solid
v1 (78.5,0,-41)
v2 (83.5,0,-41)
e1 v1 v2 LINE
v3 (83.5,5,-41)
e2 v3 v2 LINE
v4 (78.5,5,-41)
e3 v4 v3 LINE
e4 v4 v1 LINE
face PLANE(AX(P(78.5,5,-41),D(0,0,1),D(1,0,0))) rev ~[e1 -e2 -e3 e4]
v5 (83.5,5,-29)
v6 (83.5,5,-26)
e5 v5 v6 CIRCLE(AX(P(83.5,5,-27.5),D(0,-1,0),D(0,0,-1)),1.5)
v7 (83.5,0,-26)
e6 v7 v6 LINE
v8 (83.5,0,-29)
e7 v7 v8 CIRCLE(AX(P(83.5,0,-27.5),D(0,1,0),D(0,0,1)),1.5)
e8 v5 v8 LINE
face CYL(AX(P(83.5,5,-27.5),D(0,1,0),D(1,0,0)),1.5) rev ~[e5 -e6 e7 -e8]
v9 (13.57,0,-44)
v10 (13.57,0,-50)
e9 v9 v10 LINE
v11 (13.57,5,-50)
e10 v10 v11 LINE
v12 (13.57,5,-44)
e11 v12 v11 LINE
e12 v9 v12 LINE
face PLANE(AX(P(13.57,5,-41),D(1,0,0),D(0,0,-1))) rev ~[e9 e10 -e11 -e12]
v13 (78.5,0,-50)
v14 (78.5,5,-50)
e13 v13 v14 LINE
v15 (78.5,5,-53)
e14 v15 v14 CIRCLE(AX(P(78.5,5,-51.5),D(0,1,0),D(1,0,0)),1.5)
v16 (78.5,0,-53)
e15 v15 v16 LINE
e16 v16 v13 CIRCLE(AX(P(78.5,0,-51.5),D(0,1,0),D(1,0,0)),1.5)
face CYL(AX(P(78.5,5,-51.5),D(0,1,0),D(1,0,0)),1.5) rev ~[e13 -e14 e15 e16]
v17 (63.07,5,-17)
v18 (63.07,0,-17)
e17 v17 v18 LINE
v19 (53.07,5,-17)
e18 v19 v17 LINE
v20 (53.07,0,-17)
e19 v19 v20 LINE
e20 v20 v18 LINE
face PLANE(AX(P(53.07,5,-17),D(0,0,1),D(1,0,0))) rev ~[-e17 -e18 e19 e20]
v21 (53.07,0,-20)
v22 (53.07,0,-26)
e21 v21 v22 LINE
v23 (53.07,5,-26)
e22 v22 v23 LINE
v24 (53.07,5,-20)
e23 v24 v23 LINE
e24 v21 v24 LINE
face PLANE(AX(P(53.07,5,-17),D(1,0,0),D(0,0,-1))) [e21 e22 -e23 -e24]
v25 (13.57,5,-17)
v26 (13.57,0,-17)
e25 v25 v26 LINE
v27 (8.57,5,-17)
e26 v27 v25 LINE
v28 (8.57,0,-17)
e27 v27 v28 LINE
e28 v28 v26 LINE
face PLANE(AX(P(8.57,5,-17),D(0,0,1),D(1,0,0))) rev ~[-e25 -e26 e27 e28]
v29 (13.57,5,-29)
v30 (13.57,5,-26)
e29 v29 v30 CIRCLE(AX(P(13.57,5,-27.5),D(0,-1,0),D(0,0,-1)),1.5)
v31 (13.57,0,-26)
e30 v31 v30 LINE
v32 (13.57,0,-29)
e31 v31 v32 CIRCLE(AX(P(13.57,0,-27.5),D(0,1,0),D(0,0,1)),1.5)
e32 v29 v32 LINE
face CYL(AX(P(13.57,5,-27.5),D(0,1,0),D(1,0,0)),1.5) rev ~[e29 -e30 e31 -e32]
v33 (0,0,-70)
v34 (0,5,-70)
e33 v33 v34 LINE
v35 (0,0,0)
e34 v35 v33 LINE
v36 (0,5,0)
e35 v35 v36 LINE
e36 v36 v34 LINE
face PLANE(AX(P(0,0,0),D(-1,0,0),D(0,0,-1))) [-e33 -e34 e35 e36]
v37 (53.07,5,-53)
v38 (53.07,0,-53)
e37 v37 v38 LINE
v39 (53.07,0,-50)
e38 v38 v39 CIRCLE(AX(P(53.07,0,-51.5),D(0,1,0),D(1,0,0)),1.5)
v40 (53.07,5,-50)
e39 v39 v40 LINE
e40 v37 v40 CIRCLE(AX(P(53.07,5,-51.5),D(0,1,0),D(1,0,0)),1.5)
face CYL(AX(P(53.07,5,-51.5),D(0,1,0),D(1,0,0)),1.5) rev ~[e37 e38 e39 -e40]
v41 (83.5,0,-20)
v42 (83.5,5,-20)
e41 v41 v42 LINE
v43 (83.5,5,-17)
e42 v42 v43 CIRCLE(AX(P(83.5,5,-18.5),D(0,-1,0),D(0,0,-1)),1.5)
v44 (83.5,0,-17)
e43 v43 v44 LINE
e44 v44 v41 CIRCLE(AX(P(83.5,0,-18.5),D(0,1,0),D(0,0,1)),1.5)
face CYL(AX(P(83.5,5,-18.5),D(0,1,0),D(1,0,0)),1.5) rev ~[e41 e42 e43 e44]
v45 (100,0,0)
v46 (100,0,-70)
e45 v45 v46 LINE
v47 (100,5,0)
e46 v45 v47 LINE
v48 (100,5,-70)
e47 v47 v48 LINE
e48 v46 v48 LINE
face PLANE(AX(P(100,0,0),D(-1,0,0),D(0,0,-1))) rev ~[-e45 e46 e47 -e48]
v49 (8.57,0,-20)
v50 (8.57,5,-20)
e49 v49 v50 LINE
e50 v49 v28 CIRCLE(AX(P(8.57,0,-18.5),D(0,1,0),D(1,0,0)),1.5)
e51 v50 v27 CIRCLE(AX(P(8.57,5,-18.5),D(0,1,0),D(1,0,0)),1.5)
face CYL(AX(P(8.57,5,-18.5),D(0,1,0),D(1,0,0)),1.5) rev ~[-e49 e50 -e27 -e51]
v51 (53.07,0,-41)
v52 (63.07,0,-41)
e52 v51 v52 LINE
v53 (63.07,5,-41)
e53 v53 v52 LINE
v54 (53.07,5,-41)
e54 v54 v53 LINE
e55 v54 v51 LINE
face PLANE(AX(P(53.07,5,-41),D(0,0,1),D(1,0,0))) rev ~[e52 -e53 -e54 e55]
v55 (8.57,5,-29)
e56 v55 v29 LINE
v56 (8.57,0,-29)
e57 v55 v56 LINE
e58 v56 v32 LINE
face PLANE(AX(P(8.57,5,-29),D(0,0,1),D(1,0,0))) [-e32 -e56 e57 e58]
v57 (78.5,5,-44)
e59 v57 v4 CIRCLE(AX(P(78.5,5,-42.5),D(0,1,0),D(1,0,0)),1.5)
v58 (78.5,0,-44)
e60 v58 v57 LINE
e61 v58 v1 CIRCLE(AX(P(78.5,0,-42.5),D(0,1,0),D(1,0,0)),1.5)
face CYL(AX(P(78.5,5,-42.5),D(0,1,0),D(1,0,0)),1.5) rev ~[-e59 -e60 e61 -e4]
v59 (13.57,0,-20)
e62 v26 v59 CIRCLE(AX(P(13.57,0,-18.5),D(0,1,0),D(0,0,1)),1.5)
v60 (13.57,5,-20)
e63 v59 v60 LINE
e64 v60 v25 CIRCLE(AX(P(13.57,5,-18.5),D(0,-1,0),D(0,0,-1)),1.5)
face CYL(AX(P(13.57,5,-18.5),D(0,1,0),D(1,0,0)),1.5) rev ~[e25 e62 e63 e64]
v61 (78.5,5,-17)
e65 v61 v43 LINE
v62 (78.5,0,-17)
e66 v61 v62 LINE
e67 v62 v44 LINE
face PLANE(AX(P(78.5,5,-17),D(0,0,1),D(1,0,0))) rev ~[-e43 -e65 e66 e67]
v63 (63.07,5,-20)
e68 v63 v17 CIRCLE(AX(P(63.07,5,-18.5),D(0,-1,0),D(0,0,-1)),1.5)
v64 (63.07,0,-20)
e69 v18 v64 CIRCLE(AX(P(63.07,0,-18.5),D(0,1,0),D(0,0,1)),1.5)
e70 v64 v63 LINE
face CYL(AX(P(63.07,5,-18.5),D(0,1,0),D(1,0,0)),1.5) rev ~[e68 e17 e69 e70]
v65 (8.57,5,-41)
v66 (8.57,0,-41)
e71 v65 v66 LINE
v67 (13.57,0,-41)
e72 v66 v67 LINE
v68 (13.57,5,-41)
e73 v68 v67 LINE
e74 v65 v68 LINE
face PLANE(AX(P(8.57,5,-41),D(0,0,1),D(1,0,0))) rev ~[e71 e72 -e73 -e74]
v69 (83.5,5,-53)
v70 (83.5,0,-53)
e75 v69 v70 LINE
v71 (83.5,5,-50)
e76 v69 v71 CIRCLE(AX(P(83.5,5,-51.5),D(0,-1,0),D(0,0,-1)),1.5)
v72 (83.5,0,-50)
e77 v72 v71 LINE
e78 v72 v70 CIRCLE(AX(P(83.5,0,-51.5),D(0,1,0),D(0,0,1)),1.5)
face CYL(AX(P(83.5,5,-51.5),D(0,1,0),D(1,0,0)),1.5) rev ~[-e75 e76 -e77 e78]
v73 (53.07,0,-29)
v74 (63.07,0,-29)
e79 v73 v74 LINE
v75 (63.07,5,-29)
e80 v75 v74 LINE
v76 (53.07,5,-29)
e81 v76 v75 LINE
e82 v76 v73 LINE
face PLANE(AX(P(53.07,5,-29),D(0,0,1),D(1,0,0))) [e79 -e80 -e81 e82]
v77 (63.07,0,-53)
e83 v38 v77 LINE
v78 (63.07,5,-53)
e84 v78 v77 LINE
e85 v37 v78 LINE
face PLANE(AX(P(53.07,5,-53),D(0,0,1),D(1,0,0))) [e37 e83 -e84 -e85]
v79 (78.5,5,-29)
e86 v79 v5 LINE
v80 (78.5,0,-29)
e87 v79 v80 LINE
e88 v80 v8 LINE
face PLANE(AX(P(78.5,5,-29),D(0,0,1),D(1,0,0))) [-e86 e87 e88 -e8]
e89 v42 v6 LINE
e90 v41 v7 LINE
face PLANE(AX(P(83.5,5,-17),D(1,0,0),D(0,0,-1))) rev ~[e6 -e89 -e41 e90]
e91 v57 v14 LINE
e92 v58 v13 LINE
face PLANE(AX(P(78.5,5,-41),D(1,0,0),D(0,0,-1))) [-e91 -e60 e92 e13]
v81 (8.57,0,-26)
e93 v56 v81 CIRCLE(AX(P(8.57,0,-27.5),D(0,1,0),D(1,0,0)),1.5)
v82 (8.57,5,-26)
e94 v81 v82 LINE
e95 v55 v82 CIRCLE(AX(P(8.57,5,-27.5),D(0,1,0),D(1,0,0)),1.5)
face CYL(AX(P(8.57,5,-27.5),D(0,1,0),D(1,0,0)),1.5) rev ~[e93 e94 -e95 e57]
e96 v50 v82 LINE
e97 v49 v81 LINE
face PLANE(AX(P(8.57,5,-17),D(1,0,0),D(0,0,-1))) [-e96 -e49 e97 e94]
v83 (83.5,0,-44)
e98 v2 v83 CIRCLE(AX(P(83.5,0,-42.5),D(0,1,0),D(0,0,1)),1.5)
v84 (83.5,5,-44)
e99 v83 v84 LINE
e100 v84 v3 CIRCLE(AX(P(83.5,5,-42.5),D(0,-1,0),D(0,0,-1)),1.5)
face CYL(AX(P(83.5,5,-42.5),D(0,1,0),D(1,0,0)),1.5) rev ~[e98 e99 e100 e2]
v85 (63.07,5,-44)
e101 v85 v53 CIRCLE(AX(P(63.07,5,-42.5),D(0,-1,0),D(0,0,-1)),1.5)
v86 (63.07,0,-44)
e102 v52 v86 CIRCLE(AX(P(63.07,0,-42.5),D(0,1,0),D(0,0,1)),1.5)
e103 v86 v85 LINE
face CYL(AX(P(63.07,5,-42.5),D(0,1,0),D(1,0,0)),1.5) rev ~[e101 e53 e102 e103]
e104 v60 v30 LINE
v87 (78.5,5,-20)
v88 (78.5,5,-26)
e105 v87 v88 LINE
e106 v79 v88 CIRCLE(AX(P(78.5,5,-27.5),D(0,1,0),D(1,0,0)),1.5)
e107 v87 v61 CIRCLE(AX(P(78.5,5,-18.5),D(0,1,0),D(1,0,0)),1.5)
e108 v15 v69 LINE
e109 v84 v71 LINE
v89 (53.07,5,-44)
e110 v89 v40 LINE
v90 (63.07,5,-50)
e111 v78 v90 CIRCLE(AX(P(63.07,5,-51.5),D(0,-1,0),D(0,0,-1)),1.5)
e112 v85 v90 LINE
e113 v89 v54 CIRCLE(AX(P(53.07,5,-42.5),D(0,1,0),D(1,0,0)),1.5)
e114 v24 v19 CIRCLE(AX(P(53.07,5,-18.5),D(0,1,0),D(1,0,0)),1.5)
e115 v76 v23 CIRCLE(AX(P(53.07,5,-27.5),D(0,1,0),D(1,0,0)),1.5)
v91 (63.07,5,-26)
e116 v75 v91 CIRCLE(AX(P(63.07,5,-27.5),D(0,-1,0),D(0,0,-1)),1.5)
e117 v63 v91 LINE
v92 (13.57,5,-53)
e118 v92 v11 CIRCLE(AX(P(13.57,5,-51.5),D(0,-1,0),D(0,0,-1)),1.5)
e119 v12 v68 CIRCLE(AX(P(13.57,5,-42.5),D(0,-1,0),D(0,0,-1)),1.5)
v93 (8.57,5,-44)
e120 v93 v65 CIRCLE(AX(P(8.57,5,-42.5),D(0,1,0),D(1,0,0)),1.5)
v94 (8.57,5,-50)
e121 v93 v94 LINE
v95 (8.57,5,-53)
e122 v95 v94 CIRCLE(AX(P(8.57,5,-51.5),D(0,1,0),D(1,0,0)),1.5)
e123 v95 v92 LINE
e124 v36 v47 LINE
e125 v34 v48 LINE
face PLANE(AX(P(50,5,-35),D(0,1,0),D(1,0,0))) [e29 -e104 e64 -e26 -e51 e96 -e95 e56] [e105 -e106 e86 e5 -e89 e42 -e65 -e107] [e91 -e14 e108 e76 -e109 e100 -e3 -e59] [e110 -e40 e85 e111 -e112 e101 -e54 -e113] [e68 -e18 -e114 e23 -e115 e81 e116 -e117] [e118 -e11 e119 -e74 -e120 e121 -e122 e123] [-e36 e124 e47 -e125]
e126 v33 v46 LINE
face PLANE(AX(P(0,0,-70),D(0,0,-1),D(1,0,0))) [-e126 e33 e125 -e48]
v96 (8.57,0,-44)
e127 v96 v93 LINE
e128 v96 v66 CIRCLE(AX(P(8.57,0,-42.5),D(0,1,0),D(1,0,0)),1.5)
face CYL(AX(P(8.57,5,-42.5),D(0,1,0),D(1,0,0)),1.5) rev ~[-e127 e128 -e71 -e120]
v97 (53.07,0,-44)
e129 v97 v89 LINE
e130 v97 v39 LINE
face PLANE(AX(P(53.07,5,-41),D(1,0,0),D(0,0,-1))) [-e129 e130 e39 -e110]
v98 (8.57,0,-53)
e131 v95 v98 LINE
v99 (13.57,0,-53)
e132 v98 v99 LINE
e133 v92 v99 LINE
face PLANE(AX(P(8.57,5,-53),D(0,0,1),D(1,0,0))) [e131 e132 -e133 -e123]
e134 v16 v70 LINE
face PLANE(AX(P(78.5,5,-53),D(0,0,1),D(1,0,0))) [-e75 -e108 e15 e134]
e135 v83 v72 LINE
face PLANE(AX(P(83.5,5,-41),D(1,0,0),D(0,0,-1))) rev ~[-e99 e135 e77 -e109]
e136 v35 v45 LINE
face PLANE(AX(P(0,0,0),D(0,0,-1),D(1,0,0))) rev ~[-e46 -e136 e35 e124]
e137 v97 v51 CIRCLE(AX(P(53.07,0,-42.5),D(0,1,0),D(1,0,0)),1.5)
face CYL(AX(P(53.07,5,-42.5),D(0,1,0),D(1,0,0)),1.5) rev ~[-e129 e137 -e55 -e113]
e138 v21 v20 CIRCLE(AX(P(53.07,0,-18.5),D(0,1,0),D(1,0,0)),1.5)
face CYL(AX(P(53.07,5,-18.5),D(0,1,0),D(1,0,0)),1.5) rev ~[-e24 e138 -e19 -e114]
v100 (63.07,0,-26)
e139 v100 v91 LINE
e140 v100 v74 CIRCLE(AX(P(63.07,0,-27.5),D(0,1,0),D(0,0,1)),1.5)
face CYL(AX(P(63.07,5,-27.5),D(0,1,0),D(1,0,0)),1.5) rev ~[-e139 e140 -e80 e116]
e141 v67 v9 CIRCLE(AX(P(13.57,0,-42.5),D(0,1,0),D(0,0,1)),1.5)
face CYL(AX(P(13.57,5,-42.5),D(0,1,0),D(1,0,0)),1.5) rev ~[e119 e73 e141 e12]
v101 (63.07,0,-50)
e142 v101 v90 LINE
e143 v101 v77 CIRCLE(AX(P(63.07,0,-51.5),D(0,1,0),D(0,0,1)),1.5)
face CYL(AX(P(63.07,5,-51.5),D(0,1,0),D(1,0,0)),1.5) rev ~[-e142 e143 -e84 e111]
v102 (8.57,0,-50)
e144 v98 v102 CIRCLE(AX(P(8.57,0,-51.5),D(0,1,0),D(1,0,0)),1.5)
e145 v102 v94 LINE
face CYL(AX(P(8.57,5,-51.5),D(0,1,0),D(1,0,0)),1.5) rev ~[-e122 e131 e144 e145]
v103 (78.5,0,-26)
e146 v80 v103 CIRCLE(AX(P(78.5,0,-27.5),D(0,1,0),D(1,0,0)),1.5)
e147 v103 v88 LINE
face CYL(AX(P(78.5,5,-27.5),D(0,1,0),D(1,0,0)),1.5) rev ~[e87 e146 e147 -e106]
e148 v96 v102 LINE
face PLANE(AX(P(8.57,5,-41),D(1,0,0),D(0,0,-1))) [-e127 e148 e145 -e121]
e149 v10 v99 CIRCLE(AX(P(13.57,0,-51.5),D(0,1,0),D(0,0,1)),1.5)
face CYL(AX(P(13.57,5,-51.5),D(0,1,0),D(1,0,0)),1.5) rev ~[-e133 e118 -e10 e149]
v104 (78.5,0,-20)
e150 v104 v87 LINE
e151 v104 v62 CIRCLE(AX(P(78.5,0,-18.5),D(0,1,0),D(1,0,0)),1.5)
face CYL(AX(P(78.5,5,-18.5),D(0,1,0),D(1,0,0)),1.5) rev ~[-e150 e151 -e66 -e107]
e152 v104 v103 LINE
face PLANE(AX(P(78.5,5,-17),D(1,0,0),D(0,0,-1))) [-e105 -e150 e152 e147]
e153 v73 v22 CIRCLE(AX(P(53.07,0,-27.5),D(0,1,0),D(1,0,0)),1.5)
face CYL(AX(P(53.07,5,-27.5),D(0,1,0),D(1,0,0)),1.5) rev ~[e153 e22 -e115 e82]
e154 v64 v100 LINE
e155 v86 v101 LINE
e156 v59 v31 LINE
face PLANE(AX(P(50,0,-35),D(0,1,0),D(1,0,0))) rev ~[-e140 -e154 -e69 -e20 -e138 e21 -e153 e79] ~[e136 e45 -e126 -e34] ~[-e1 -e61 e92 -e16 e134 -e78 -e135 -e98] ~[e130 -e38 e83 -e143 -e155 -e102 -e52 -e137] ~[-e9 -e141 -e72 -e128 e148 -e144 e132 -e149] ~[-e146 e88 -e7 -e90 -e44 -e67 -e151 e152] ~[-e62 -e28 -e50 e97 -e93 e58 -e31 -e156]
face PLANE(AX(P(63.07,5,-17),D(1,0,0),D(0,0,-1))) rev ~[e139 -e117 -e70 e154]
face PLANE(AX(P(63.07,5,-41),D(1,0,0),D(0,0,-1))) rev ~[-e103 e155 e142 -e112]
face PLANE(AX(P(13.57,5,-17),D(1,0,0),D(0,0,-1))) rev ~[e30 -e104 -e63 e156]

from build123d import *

# Parameters (mm, degrees)
SKETCH_1_W          = 100
SKETCH_1_H          = 70
EXTRUDE_1_DEPTH     = 5
SKETCH_2_W          = 10
SKETCH_2_H          = 12
SKETCH_2_W_2        = 5
CUT_EXTRUDE_1_DEPTH = 10
SKETCH_3_R          = 1.5
CUT_EXTRUDE_2_DEPTH = 5


with BuildPart() as part:
    # 스케치1 → 보스-돌출1 (new body)
    with BuildSketch(Plane(origin=(0, 0, 0), x_dir=(1, 0, 0), z_dir=(0, 1, 0))):
        with Locations((50, 35)):
            Rectangle(SKETCH_1_W, SKETCH_1_H)
    extrude(amount=EXTRUDE_1_DEPTH)

    # 스케치2 → 컷-돌출1 (cut)
    with BuildSketch(Plane(origin=(0, 5, 0), x_dir=(1, 0, 0), z_dir=(0, 1, 0))):
        with Locations((58.07, 47)):
            Rectangle(SKETCH_2_W, SKETCH_2_H)
        with Locations((58.07, 23)):
            Rectangle(SKETCH_2_W, SKETCH_2_H)
        with Locations((81, 47)):
            Rectangle(SKETCH_2_W_2, SKETCH_2_H)
        with Locations((81, 23)):
            Rectangle(SKETCH_2_W_2, SKETCH_2_H)
        with Locations((11.07, 47)):
            Rectangle(SKETCH_2_W_2, SKETCH_2_H)
        with Locations((11.07, 23)):
            Rectangle(SKETCH_2_W_2, SKETCH_2_H)
    extrude(amount=-CUT_EXTRUDE_1_DEPTH, mode=Mode.SUBTRACT)

    # 스케치3 → 컷-돌출2 (cut)
    with BuildSketch(Plane(origin=(0, 5, 0), x_dir=(1, 0, 0), z_dir=(0, 1, 0))):
        with Locations((8.57, 51.5)):
            Circle(SKETCH_3_R)
        with Locations((13.57, 51.5)):
            Circle(SKETCH_3_R)
        with Locations((8.57, 42.5)):
            Circle(SKETCH_3_R)
        with Locations((13.57, 42.5)):
            Circle(SKETCH_3_R)
        with Locations((8.57, 27.5)):
            Circle(SKETCH_3_R)
        with Locations((13.57, 27.5)):
            Circle(SKETCH_3_R)
        with Locations((13.57, 18.5)):
            Circle(SKETCH_3_R)
        with Locations((8.57, 18.5)):
            Circle(SKETCH_3_R)
        with Locations((63.07, 18.5)):
            Circle(SKETCH_3_R)
        with Locations((53.07, 18.5)):
            Circle(SKETCH_3_R)
        with Locations((53.07, 27.5)):
            Circle(SKETCH_3_R)
        with Locations((63.07, 27.5)):
            Circle(SKETCH_3_R)
        with Locations((78.5, 27.5)):
            Circle(SKETCH_3_R)
        with Locations((83.5, 27.5)):
            Circle(SKETCH_3_R)
        with Locations((78.5, 18.5)):
            Circle(SKETCH_3_R)
        with Locations((83.5, 18.5)):
            Circle(SKETCH_3_R)
        with Locations((78.5, 42.5)):
            Circle(SKETCH_3_R)
        with Locations((83.5, 42.5)):
            Circle(SKETCH_3_R)
        with Locations((78.5, 51.5)):
            Circle(SKETCH_3_R)
        with Locations((83.5, 51.5)):
            Circle(SKETCH_3_R)
        with Locations((63.07, 51.5)):
            Circle(SKETCH_3_R)
        with Locations((53.07, 51.5)):
            Circle(SKETCH_3_R)
        with Locations((53.07, 42.5)):
            Circle(SKETCH_3_R)
        with Locations((63.07, 42.5)):
            Circle(SKETCH_3_R)
    extrude(amount=-CUT_EXTRUDE_2_DEPTH, mode=Mode.SUBTRACT)


solid = part.part
